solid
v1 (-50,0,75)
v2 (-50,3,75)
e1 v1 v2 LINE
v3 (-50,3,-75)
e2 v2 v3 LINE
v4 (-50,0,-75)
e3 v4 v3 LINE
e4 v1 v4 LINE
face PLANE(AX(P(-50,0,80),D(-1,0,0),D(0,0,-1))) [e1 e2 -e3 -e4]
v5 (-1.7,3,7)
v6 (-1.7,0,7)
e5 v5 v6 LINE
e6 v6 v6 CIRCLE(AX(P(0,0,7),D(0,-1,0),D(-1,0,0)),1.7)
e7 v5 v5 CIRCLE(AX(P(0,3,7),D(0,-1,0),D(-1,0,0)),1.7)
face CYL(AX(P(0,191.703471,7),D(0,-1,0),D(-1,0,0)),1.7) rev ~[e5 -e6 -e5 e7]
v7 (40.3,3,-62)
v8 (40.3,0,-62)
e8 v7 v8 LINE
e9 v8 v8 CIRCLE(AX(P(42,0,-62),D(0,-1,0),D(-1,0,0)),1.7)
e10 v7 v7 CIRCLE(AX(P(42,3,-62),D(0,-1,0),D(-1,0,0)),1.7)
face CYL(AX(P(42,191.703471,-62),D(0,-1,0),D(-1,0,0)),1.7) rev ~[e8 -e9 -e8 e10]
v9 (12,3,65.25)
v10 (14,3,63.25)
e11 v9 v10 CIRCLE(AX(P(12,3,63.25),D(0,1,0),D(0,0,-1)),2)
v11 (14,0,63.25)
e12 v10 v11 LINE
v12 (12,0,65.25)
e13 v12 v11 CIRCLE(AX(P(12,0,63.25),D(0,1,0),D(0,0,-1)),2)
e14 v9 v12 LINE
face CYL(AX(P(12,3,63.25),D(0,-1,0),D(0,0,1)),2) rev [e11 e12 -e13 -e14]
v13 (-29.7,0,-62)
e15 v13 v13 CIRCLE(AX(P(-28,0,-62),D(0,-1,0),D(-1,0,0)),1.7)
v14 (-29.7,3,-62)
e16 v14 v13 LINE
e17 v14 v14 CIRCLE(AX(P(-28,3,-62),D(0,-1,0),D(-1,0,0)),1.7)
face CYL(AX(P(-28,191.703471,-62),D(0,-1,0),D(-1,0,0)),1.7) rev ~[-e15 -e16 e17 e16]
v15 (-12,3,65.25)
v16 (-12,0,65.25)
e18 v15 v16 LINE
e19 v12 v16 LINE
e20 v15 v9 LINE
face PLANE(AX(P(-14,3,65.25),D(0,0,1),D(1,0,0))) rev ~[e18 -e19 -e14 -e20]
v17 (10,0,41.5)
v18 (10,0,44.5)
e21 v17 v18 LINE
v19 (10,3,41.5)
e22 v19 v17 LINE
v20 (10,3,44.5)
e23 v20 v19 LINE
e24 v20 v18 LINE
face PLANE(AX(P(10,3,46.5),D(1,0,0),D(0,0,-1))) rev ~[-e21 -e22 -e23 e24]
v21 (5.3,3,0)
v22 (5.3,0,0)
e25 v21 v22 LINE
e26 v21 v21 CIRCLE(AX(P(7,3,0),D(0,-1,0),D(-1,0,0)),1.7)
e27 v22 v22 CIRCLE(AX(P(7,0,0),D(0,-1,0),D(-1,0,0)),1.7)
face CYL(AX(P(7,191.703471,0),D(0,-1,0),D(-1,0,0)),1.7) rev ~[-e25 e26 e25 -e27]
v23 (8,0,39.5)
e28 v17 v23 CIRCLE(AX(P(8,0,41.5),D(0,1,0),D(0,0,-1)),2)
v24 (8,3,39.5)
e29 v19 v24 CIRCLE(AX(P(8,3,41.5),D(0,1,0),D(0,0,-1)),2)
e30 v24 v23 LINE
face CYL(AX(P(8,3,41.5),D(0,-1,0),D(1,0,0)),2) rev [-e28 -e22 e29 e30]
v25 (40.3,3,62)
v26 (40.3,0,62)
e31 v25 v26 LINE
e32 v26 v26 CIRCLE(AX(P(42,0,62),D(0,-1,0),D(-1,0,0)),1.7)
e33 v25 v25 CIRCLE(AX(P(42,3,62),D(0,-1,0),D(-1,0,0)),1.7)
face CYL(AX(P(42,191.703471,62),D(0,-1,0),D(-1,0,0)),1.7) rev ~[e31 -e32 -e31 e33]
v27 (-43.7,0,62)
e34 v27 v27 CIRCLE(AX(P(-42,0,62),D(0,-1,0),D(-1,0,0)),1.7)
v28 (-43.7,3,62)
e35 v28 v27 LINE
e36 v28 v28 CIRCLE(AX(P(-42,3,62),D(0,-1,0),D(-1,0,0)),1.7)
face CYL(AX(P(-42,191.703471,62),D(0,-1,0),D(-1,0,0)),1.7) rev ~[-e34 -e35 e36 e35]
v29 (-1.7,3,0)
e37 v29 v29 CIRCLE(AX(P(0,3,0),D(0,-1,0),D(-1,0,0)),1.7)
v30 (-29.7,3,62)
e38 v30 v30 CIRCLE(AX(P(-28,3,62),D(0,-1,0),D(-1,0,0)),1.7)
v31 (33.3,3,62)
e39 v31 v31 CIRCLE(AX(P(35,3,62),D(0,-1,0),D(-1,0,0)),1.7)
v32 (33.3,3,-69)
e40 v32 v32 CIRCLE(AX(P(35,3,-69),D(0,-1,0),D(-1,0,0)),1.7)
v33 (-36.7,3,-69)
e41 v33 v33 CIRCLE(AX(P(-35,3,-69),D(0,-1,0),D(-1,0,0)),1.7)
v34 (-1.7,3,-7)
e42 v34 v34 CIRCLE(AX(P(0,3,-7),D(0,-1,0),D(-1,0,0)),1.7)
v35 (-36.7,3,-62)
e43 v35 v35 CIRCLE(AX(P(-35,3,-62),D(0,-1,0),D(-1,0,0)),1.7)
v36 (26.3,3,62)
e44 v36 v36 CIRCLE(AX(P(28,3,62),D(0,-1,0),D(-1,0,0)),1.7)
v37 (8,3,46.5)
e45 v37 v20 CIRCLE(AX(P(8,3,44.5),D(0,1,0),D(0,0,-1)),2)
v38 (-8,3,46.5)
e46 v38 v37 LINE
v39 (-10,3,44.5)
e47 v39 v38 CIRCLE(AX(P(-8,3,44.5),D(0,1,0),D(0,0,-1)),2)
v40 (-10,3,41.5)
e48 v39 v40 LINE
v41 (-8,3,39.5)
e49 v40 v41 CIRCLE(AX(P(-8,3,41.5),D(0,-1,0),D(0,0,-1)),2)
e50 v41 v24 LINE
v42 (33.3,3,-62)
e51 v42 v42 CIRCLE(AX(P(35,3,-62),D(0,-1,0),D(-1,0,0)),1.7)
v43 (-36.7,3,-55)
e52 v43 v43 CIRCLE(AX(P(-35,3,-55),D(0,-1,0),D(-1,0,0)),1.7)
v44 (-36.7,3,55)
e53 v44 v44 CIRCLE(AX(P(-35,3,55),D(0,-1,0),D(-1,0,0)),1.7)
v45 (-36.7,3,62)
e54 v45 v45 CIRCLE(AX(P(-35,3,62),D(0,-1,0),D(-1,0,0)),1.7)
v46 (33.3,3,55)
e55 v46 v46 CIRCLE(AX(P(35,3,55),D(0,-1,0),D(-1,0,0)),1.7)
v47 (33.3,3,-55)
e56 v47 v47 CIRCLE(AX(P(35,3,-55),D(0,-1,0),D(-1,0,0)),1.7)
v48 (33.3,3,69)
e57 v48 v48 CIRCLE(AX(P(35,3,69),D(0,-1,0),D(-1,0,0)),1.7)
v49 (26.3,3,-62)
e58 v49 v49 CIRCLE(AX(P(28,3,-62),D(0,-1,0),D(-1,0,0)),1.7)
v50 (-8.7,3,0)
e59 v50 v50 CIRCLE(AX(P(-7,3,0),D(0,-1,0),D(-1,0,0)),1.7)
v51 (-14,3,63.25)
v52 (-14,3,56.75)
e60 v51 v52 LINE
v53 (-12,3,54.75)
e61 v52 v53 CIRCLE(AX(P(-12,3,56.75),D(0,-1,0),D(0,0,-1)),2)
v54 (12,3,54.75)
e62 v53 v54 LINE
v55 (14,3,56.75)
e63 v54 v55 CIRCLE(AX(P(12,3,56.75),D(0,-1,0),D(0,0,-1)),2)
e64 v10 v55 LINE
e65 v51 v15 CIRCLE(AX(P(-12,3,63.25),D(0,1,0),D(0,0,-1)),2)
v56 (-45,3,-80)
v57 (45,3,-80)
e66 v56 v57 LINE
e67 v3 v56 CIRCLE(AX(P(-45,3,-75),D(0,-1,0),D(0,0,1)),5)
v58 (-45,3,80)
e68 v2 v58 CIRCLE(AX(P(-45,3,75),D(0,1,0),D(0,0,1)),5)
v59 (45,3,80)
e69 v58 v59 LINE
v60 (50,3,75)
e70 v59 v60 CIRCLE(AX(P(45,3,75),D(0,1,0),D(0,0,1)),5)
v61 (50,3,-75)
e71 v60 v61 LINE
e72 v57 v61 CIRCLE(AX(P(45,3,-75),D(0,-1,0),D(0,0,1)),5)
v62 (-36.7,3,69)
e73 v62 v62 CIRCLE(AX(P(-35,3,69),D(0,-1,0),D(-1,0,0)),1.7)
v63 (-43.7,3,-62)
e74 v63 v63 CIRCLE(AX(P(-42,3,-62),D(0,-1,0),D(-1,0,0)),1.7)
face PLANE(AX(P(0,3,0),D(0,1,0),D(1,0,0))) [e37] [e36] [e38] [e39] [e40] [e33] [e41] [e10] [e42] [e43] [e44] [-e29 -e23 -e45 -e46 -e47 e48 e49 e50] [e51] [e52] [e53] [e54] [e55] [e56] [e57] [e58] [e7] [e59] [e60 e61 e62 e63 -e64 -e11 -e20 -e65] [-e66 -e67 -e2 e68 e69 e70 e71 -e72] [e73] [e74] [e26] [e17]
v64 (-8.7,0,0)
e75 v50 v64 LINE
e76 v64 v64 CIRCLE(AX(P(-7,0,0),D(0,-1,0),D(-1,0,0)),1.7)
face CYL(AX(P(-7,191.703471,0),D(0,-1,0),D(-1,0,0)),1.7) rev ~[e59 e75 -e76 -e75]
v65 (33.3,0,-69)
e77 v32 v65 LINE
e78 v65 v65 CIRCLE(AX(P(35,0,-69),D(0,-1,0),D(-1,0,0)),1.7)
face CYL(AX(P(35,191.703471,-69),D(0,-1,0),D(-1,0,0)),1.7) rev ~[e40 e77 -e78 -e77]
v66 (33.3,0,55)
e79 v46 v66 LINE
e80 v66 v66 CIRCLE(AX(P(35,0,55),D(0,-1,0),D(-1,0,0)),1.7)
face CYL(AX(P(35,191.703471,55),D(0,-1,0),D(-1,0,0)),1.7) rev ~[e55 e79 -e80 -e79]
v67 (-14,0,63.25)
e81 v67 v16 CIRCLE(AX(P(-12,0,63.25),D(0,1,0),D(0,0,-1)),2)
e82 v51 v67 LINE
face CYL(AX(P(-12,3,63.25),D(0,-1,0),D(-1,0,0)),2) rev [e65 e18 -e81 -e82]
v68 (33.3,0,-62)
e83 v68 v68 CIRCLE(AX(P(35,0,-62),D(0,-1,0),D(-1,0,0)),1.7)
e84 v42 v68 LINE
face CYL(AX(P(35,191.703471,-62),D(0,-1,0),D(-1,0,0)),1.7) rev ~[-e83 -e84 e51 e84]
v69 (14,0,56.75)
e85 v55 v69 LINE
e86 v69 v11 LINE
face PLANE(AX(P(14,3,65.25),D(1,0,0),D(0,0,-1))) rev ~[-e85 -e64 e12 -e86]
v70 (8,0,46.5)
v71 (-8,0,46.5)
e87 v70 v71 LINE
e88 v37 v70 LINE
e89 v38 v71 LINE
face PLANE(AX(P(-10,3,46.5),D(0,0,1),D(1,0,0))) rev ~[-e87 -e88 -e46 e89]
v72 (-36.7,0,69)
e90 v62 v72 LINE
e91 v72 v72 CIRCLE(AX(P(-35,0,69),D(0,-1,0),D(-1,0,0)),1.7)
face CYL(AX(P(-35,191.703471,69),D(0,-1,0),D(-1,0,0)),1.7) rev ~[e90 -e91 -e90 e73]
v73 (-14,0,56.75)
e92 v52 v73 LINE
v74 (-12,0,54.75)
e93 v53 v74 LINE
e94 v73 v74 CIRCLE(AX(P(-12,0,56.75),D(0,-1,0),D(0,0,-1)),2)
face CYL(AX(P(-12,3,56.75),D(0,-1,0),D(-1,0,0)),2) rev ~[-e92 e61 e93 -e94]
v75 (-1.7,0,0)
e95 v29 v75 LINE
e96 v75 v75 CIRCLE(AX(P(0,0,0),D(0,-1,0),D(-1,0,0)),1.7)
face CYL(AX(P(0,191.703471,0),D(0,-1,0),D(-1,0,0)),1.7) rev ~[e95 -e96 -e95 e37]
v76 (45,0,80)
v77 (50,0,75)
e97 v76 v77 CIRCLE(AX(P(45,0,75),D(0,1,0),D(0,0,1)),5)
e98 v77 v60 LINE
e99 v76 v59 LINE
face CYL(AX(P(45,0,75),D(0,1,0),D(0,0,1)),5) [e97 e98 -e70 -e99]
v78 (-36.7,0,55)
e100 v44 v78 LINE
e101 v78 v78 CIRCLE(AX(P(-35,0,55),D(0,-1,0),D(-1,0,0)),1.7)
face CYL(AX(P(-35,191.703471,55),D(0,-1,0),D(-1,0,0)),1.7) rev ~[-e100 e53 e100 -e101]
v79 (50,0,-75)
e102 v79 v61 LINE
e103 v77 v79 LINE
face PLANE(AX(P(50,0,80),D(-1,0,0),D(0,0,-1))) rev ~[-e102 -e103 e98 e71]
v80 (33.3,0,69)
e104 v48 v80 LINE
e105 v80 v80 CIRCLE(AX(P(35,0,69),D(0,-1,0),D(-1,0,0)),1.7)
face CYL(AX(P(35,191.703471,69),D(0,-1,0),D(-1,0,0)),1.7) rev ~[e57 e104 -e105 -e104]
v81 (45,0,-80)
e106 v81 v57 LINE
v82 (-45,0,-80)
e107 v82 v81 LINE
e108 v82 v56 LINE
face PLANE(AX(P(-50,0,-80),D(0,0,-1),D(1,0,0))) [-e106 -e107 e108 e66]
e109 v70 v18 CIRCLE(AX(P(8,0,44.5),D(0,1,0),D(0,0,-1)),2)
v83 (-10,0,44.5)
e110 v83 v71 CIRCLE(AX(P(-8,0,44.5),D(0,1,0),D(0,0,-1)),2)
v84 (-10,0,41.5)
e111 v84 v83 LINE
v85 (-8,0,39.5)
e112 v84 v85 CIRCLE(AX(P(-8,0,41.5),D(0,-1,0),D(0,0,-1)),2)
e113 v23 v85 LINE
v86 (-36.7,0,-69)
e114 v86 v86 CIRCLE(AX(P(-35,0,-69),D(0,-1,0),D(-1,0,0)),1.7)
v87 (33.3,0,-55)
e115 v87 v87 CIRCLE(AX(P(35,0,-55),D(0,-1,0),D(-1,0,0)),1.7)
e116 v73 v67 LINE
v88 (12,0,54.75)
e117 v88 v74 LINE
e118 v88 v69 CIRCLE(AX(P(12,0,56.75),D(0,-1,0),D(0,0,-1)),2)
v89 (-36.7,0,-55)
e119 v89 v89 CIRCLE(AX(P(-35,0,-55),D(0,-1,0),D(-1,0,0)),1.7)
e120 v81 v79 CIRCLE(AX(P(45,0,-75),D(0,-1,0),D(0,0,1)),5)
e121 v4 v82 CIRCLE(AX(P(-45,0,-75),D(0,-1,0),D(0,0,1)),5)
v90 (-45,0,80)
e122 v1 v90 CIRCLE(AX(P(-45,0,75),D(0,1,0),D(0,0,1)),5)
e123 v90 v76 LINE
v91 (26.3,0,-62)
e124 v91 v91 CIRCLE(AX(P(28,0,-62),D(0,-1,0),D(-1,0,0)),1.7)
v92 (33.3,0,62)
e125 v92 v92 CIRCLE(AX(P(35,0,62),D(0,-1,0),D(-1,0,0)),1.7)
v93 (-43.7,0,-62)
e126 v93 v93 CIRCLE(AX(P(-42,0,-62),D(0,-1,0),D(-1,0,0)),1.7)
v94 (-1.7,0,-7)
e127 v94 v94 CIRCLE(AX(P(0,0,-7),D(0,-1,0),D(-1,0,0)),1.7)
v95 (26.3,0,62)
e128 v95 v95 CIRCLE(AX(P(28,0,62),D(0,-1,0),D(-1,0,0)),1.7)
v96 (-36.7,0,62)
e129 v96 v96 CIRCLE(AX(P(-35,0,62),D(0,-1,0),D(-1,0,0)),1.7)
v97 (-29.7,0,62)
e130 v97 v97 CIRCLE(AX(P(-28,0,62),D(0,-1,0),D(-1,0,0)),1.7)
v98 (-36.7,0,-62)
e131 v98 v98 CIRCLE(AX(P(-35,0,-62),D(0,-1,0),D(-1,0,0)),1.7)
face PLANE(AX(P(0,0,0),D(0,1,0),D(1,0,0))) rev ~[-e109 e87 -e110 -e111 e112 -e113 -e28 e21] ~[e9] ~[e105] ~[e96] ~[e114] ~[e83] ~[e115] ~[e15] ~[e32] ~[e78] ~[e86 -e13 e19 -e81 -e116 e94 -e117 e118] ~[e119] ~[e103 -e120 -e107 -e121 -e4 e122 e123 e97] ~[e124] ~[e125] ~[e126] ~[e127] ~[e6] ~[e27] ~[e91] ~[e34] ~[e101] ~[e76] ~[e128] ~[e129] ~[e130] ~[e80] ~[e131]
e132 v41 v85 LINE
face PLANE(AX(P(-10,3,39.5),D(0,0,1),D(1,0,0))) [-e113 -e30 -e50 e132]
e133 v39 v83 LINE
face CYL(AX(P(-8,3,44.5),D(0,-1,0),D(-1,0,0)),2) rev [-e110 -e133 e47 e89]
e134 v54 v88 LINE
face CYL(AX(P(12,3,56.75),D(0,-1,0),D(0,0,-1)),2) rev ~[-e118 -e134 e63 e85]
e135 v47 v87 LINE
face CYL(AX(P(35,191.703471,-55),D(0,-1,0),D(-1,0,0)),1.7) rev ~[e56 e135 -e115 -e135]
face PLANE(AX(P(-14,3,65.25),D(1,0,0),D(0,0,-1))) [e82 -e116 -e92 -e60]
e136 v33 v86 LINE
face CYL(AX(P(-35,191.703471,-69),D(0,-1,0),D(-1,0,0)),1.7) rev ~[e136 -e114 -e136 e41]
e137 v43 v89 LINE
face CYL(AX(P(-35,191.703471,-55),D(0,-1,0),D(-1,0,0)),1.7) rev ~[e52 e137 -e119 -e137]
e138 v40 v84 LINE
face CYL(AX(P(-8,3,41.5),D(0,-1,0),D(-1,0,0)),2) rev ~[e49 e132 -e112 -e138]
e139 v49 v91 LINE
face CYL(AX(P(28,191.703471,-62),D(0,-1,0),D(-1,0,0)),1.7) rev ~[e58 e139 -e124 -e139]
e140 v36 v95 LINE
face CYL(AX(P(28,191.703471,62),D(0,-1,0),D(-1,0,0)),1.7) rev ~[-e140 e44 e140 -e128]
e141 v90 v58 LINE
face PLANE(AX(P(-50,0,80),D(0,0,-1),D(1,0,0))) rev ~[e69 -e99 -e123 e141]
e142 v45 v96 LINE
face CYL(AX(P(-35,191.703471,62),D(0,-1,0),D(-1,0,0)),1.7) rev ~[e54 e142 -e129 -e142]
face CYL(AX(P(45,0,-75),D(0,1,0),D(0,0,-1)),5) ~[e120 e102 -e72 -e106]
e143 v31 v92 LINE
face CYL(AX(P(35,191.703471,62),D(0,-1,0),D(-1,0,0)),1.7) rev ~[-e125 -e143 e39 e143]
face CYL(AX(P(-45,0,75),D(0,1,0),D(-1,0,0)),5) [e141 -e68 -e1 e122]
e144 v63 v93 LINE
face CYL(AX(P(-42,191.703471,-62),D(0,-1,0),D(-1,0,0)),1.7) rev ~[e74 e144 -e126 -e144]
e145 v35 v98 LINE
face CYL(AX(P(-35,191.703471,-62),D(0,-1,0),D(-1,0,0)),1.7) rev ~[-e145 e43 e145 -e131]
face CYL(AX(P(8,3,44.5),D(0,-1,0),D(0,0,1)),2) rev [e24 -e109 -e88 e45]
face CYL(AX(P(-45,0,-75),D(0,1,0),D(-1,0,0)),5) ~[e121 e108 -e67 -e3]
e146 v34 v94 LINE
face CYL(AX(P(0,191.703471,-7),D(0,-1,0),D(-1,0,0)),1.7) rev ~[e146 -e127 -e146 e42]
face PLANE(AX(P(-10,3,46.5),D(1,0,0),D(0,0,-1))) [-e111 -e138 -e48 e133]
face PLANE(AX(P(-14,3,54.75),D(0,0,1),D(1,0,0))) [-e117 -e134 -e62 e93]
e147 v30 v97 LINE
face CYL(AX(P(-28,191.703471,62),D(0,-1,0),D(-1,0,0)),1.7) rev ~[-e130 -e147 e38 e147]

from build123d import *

# Parameters (mm, degrees)
SKETCH1_W            = 100
SKETCH1_H            = 160
BOSS_EXTRUDE1_DEPTH  = 3
M3_CLEARANCE_HOLE1_D = 3.4
M3_CLEARANCE_HOLE2_D = 3.4
CUT_EXTRUDE1_REACH   = 96.387
SKETCH6_W            = 28
SKETCH6_H            = 10.5
SKETCH6_W_2          = 20
SKETCH6_H_2          = 7
FILLET1_R            = 5
FILLET2_R            = 2


with BuildPart() as part:
    # Sketch1 → Boss-Extrude1 (new body)
    with BuildSketch(Plane(origin=(0, 0, 0), x_dir=(1, 0, 0), z_dir=(0, 1, 0))):
        Rectangle(SKETCH1_W, SKETCH1_H)
    extrude(amount=BOSS_EXTRUDE1_DEPTH)

    # M3 Clearance Hole1 (through all)
    with Locations(Plane(origin=(0, 3, 0), x_dir=(1, 0, 0), z_dir=(0, 1, 0))):
        with Locations((-35, 62), (-35, 69), (-42, 62), (-35, 55), (-28, 62), (35, 69), (28, 62), (35, 62), (42, 62), (35, 55), (-35, -62), (-42, -62), (-35, -55), (-28, -62), (-35, -69), (35, -62), (35, -55), (28, -62), (42, -62), (35, -69)):
            Hole(M3_CLEARANCE_HOLE1_D / 2)

    # M3 Clearance Hole2 (through all)
    with Locations(Plane(origin=(0, 3, 0), x_dir=(1, 0, 0), z_dir=(0, 1, 0))):
        with Locations((0, 0), (0, 7), (7, 0), (0, -7), (-7, 0)):
            Hole(M3_CLEARANCE_HOLE2_D / 2)

    # Sketch6 → Cut-Extrude1 (cut, up to next)
    with BuildSketch(Plane(origin=(0, 3, 0), x_dir=(1, 0, 0), z_dir=(0, 1, 0)), mode=Mode.PRIVATE) as cut_extrude1_sk1:
        with Locations((0, -60)):
            Rectangle(SKETCH6_W, SKETCH6_H)
    cut_extrude1_tool1 = extrude(cut_extrude1_sk1.sketch, amount=-CUT_EXTRUDE1_REACH, mode=Mode.PRIVATE) & part.part
    # Sketch6 → Cut-Extrude1 (cut, up to next)
    with BuildSketch(Plane(origin=(0, 3, 0), x_dir=(1, 0, 0), z_dir=(0, 1, 0)), mode=Mode.PRIVATE) as cut_extrude1_sk2:
        with Locations((0, -43)):
            Rectangle(SKETCH6_W_2, SKETCH6_H_2)
    cut_extrude1_tool2 = extrude(cut_extrude1_sk2.sketch, amount=-CUT_EXTRUDE1_REACH, mode=Mode.PRIVATE) & part.part
    add(cut_extrude1_tool1.solids().sort_by_distance((0, 3, 60))[0], mode=Mode.SUBTRACT)
    add(cut_extrude1_tool2.solids().sort_by_distance((0, 3, 43))[0], mode=Mode.SUBTRACT)

    # Fillet1
    fillet1_edges = [part.edges().sort_by_distance(p)[0] for p in [
        (50, 1.5, 80),
        (-50, 1.5, 80),
        (-50, 1.5, -80),
        (50, 1.5, -80),
    ]]
    fillet(fillet1_edges, radius=FILLET1_R)

    # Fillet2
    fillet2_edges = [part.edges().sort_by_distance(p)[0] for p in [
        (-14, 1.5, 65.25),
        (-14, 1.5, 54.75),
        (14, 1.5, 54.75),
        (14, 1.5, 65.25),
        (10, 1.5, 39.5),
        (10, 1.5, 46.5),
        (-10, 1.5, 46.5),
        (-10, 1.5, 39.5),
    ]]
    fillet(fillet2_edges, radius=FILLET2_R)


solid = part.part
